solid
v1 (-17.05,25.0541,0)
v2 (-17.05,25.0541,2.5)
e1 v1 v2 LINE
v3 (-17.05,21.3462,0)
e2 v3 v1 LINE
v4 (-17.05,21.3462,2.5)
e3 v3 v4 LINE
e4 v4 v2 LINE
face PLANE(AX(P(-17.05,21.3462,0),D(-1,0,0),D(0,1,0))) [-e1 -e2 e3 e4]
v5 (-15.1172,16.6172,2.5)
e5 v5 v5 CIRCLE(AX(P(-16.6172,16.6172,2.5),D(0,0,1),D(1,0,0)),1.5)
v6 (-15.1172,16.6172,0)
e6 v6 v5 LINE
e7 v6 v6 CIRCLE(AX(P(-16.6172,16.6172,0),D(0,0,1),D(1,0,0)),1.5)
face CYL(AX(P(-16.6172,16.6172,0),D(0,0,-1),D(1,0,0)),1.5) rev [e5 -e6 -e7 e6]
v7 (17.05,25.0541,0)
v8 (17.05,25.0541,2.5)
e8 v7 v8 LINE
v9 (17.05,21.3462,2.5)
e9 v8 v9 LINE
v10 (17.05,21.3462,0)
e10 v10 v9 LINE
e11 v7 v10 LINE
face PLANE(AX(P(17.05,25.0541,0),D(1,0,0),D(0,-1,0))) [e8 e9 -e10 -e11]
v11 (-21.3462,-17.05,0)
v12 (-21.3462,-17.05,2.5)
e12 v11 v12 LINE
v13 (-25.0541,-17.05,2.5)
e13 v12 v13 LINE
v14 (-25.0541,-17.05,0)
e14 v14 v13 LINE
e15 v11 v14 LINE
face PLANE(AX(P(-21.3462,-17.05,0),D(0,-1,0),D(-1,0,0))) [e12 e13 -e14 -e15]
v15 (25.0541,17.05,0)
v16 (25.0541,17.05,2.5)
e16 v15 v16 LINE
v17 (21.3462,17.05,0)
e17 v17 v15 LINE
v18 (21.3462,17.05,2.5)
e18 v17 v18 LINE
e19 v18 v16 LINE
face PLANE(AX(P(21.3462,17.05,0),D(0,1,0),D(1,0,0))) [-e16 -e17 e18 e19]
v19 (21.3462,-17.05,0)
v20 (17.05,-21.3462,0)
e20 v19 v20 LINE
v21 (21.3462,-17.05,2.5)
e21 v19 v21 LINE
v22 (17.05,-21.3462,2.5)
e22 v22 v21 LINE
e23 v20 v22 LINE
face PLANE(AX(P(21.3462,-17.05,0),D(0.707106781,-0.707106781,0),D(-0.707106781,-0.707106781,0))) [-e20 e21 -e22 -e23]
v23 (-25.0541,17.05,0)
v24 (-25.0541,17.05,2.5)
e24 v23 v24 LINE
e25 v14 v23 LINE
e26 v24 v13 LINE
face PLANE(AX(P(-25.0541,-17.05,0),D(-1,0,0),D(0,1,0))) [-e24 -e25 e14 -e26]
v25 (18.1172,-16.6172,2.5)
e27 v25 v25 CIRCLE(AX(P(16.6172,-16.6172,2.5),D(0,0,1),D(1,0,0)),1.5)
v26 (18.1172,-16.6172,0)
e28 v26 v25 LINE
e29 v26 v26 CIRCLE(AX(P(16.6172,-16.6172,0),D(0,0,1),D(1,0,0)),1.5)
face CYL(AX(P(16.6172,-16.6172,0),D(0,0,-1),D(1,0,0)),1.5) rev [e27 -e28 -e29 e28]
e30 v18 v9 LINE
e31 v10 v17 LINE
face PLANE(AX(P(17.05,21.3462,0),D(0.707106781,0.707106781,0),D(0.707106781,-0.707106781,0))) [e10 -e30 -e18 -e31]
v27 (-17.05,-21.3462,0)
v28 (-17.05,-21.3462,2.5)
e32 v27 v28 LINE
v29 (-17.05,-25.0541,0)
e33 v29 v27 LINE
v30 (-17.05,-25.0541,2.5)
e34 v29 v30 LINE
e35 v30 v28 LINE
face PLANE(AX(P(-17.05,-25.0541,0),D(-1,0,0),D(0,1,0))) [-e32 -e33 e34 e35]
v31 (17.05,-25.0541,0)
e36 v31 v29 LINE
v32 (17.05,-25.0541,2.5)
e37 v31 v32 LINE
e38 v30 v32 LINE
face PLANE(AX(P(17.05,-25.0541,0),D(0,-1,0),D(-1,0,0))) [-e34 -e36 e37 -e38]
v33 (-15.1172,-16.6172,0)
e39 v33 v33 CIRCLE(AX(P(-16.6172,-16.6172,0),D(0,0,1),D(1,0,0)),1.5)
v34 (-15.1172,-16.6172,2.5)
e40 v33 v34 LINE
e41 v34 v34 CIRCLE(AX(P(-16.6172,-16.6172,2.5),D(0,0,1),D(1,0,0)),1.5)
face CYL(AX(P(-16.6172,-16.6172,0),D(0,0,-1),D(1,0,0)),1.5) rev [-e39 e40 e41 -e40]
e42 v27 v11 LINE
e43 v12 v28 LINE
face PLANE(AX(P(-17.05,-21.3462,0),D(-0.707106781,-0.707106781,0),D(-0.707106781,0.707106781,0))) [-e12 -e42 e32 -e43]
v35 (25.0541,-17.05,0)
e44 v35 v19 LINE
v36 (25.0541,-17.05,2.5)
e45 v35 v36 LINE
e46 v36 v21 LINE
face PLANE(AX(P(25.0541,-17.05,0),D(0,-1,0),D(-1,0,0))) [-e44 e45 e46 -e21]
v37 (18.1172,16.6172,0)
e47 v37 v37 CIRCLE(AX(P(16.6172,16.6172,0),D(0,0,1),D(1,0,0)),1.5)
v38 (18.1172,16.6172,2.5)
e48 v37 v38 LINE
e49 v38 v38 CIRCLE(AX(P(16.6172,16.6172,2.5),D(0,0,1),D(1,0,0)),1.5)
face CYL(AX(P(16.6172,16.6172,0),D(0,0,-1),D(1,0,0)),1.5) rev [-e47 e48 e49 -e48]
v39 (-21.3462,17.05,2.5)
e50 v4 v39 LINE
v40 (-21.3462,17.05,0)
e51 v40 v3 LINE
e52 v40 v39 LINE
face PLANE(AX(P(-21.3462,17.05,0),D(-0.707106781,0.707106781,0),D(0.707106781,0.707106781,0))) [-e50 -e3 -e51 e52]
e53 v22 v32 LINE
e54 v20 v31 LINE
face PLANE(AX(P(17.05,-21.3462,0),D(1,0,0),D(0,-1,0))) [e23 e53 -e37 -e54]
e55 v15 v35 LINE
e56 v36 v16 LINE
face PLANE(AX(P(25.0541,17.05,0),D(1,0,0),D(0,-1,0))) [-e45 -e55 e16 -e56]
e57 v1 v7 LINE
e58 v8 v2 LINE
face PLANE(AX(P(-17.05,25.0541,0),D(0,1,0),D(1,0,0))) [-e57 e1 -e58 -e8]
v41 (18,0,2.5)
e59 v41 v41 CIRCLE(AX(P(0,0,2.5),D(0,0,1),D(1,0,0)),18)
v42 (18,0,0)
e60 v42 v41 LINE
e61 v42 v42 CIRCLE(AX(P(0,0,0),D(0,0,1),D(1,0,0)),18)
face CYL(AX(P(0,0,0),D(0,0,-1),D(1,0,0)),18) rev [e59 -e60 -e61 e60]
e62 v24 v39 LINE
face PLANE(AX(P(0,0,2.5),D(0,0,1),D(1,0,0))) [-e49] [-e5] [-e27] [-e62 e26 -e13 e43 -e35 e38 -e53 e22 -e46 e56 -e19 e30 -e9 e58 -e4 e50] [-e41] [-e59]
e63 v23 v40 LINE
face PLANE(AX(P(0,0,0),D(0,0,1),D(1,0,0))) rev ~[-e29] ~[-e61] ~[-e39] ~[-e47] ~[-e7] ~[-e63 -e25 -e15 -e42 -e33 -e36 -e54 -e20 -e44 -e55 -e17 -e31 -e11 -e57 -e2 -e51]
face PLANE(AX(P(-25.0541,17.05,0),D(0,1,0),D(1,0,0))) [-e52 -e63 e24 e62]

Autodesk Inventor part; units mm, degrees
ref_plane "YZ Plane" through (0, 0, 0) normal (1, 0, 0) x (0, 1, 0)
ref_plane "XZ Plane" through (0, 0, 0) normal (0, 1, 0) x (-1, 0, 0)
ref_plane "XY Plane" through (0, 0, 0) normal (0, 0, 1) x (1, 0, 0)
sketch "Skizze1" plane through (0, 0, 0) normal (0, 0, 1) x (1, 0, 0)
  line L0 (-37.707, 0) -> (50.8634, 0) construction
  line L1 (0, -35.4687) -> (0, 37.4335) construction
  line L2 (0, 0) -> (27.0189, 27.0189) construction
  line L3 (0, 0) -> (38.2105, 0) construction
  line L4 (0, 24.9041) -> (16.9, 24.9041)
  line L5 (16.9, 24.9041) -> (16.9, 21.2841)
  line L6 (16.9, 21.2841) -> (19.092, 19.092)
  line L7 (24.9041, 0) -> (24.9041, 16.9)
  line L8 (24.9041, 16.9) -> (21.2841, 16.9)
  line L9 (21.2841, 16.9) -> (19.092, 19.092)
  line L10 (0, 24.9041) -> (-16.9, 24.9041)
  line L11 (-16.9, 24.9041) -> (-16.9, 21.2841)
  line L12 (-16.9, 21.2841) -> (-19.092, 19.092)
  line L13 (-24.9041, 0) -> (-24.9041, 16.9)
  line L14 (-24.9041, 16.9) -> (-21.2841, 16.9)
  line L15 (-21.2841, 16.9) -> (-19.092, 19.092)
  line L16 (0, -24.9041) -> (16.9, -24.9041)
  line L17 (16.9, -24.9041) -> (16.9, -21.2841)
  line L18 (16.9, -21.2841) -> (19.092, -19.092)
  line L19 (24.9041, 0) -> (24.9041, -16.9)
  line L20 (24.9041, -16.9) -> (21.2841, -16.9)
  line L21 (21.2841, -16.9) -> (19.092, -19.092)
  line L22 (0, -24.9041) -> (-16.9, -24.9041)
  line L23 (-16.9, -24.9041) -> (-16.9, -21.2841)
  line L24 (-16.9, -21.2841) -> (-19.092, -19.092)
  line L25 (-24.9041, 0) -> (-24.9041, -16.9)
  line L26 (-24.9041, -16.9) -> (-21.2841, -16.9)
  line L27 (-21.2841, -16.9) -> (-19.092, -19.092)
  circle A0 centre (0, 0) radius 18
  circle A1 centre (-16.6172, 16.6172) radius 1.5
  line L28 (-16.6172, 16.6172) -> (16.6172, 16.6172) construction
  line L29 (16.6172, 16.6172) -> (16.6172, -16.6172) construction
  line L30 (16.6172, -16.6172) -> (-16.6172, -16.6172) construction
  line L31 (-16.6172, -16.6172) -> (-16.6172, 16.6172) construction
  circle A2 centre (16.6172, 16.6172) radius 1.5
  circle A3 centre (-16.6172, -16.6172) radius 1.5
  circle A4 centre (16.6172, -16.6172) radius 1.5
  line L32 (-17.05, 25.0541) -> (0, 25.0541)
  line L33 (0, 25.0541) -> (17.05, 25.0541)
  line L34 (17.05, 25.0541) -> (17.05, 21.3462)
  line L35 (17.05, 21.3462) -> (19.1981, 19.1981)
  line L36 (19.1981, 19.1981) -> (21.3462, 17.05)
  line L37 (21.3462, 17.05) -> (25.0541, 17.05)
  line L38 (25.0541, 17.05) -> (25.0541, 0)
  line L39 (25.0541, 0) -> (25.0541, -17.05)
  line L40 (25.0541, -17.05) -> (21.3462, -17.05)
  line L41 (21.3462, -17.05) -> (19.1981, -19.1981)
  line L42 (19.1981, -19.1981) -> (17.05, -21.3462)
  line L43 (17.05, -21.3462) -> (17.05, -25.0541)
  line L44 (17.05, -25.0541) -> (0, -25.0541)
  line L45 (0, -25.0541) -> (-17.05, -25.0541)
  line L46 (-17.05, -25.0541) -> (-17.05, -21.3462)
  line L47 (-17.05, -21.3462) -> (-19.1981, -19.1981)
  line L48 (-19.1981, -19.1981) -> (-21.3462, -17.05)
  line L49 (-21.3462, -17.05) -> (-25.0541, -17.05)
  line L50 (-25.0541, -17.05) -> (-25.0541, 0)
  line L51 (-25.0541, 0) -> (-25.0541, 17.05)
  line L52 (-25.0541, 17.05) -> (-21.3462, 17.05)
  line L53 (-21.3462, 17.05) -> (-19.1981, 19.1981)
  line L54 (-19.1981, 19.1981) -> (-17.05, 21.3462)
  line L55 (-17.05, 21.3462) -> (-17.05, 25.0541)
  dimension "d0" = 45
  dimension "d1" = 16.9
  dimension "d2" = 3.62
  dimension "d3" = 3.1
  dimension "d4" = 36
  dimension "d7" = 3
  dimension "d8" = 3
  dimension "d9" = 3
  dimension "d10" = 3
  dimension "d11" = 3.5
  dimension "d12" = 0.15
extrude "Extrusion1" add sketch "Skizze1" along normal blind 2.5 contours L4 L5 L6 L9 L8 L7 L19 L20 L21 L18 L17 L16 L22 L23 L24 L27 L26 L25 L13 L14 L15 L12 L11 L10 | L32 L33 L34 L35 L36 L37 L38 L39 L40 L41 L42 L43 L44 L45 L46 L47 L48 L49 L50 L51 L52 L53 L54 L55
equation "\"d8\" = d7"
equation "\"d9\" = d7"
equation "\"d10\" = d7"
properties part number "LC_lens_holder_outer"
